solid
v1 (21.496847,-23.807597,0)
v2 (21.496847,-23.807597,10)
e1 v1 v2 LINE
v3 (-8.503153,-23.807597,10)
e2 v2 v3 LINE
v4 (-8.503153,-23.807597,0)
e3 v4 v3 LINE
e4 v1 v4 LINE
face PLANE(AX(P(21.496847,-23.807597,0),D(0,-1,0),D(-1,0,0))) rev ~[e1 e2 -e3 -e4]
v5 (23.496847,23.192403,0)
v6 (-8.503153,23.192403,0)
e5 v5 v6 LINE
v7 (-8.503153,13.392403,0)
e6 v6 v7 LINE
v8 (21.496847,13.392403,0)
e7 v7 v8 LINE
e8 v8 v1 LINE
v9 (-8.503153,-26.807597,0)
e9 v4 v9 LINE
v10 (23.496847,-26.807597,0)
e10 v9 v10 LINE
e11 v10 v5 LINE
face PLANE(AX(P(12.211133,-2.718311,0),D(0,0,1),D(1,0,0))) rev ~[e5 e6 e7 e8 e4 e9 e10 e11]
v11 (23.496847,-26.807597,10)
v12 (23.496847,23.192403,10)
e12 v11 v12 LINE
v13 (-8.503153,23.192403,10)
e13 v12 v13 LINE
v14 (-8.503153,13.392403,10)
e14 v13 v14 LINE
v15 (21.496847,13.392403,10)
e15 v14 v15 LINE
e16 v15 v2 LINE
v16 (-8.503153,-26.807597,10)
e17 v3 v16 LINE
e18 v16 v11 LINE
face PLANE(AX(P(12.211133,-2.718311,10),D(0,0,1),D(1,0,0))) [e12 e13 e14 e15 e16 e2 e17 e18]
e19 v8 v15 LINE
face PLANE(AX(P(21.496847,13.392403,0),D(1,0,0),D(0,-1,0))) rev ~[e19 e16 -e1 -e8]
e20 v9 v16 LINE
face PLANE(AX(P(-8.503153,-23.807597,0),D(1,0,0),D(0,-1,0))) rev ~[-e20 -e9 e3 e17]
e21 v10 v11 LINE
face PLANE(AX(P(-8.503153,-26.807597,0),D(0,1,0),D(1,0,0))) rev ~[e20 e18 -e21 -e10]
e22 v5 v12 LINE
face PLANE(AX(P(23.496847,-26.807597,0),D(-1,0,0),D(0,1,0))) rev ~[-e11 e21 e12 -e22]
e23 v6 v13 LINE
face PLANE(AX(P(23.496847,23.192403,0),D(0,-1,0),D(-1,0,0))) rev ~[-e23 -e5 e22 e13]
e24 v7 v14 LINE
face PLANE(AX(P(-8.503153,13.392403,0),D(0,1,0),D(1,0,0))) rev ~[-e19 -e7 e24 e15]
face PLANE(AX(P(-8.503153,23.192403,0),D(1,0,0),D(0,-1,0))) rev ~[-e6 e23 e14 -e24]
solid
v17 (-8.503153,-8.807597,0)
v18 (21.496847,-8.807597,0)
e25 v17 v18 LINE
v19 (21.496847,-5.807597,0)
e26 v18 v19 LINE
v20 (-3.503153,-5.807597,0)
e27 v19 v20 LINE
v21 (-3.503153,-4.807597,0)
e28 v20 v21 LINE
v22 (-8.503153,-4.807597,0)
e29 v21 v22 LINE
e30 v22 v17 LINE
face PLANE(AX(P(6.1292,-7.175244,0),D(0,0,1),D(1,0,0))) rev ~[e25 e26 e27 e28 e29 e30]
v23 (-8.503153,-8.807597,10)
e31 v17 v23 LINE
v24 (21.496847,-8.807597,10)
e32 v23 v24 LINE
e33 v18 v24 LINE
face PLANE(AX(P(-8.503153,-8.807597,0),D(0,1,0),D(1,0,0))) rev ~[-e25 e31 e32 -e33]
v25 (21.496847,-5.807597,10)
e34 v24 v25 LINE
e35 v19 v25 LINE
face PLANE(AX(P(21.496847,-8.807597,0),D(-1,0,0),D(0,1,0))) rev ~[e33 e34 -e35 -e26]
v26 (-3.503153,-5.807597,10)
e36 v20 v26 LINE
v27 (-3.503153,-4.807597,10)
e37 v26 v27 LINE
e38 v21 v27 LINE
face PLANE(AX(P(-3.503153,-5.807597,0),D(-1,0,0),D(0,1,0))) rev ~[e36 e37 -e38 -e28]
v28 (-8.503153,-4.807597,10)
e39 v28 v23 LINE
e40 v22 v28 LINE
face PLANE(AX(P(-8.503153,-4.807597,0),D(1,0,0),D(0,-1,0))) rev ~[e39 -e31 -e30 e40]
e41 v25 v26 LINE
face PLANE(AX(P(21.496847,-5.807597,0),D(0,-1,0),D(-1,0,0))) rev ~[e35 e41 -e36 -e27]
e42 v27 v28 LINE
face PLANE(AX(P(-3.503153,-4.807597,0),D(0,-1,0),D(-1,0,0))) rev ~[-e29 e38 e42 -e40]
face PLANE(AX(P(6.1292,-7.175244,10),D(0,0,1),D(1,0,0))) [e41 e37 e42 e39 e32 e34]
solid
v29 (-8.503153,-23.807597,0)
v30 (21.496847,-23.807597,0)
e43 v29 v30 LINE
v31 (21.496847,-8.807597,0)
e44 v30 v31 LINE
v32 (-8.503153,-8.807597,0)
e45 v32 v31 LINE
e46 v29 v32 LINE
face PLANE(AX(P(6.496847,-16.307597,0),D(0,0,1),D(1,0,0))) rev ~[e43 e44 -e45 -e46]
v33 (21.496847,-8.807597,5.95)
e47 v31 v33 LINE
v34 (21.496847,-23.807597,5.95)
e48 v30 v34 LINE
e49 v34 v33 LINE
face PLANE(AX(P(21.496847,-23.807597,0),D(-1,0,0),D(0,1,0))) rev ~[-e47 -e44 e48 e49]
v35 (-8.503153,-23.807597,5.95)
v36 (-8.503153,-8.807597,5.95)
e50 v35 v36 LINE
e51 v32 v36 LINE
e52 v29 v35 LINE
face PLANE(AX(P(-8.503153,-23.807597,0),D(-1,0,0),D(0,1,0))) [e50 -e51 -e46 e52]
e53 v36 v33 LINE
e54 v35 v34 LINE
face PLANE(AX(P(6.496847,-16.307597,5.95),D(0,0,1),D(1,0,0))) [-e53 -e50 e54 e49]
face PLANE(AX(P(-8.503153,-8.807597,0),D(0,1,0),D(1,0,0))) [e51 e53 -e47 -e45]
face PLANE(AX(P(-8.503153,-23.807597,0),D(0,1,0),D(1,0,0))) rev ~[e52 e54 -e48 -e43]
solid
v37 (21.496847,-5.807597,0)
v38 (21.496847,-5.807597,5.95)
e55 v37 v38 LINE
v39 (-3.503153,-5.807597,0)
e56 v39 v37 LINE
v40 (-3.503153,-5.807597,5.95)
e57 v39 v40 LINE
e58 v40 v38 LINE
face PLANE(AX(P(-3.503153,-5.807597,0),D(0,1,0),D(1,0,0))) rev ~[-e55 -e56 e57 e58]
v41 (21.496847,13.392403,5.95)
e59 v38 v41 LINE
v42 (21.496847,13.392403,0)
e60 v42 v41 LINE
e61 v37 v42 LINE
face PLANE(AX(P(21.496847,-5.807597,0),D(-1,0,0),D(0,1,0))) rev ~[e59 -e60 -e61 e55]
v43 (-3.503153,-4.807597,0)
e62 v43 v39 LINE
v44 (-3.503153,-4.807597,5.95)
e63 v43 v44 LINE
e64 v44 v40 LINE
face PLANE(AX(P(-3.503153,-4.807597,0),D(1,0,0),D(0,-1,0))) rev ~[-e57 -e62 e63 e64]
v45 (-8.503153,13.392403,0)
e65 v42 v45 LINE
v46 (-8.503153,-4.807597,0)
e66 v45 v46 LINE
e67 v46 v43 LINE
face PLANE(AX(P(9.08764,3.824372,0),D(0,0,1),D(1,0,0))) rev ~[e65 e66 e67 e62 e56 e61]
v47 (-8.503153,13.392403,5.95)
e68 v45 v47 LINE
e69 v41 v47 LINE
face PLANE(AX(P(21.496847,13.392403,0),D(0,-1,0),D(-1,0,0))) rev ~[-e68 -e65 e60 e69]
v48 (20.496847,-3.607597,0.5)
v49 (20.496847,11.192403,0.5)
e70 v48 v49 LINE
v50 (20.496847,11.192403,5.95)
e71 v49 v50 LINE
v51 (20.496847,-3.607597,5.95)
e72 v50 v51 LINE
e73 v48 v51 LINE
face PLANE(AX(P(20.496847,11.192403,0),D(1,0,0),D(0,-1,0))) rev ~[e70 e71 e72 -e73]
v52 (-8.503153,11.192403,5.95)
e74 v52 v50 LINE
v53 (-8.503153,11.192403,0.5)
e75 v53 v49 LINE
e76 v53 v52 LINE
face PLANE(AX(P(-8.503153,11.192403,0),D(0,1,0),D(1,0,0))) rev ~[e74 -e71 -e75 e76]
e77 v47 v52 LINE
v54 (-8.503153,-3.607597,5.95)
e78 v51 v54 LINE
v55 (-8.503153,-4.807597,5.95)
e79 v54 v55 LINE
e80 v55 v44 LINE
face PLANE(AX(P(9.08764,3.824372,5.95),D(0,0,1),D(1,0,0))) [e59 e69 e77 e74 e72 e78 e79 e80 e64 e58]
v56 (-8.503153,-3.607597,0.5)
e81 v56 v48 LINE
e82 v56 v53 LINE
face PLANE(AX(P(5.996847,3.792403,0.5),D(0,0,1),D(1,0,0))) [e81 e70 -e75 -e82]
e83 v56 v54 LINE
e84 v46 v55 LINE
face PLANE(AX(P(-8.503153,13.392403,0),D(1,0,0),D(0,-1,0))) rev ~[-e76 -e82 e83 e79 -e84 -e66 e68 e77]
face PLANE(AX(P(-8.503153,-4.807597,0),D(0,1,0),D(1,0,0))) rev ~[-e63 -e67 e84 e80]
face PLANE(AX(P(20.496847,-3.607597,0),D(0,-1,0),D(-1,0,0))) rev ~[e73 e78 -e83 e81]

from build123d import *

# Parameters (mm, degrees)
F0_W     = 29
F0_H     = 14.8
F1_DEPTH = 0.5
F2_DEPTH = 5.95
F0_W_2   = 30
F0_H_2   = 15
F3_DEPTH = 5.95
F4_DEPTH = 10
F5_DEPTH = 10


with BuildPart() as f1:
    # F0 (on Top) → F1 (new body)
    with BuildSketch(Plane.XY):
        with Locations((5.996847, 3.792403)):
            Rectangle(F0_W, F0_H)
    extrude(amount=F1_DEPTH)

    # F0 (on Top) → F2 (join)
    with BuildSketch(Plane.XY):
        Polygon((-3.503153, 13.392403), (-8.503153, 13.392403), (-8.503153, 11.192403), (20.496847, 11.192403), (20.496847, -3.607597), (-8.503153, -3.607597), (-8.503153, -4.807597), (-3.503153, -4.807597), (-3.503153, -5.807597), (21.496847, -5.807597), (21.496847, 13.392403), align=None)
    extrude(amount=F2_DEPTH)


with BuildPart() as f3:
    # F0 (on Top) → F3 (new body)
    with BuildSketch(Plane.XY):
        with Locations((6.496847, -16.307597)):
            Rectangle(F0_W_2, F0_H_2)
    extrude(amount=F3_DEPTH)


with BuildPart() as f4:
    # F0 (on Top) → F4 (new body)
    with BuildSketch(Plane.XY):
        Polygon((23.496847, 23.192403), (-8.503153, 23.192403), (-8.503153, 13.392403), (-3.503153, 13.392403), (21.496847, 13.392403), (21.496847, -5.807597), (21.496847, -8.807597), (21.496847, -23.807597), (-8.503153, -23.807597), (-8.503153, -26.807597), (23.496847, -26.807597), align=None)
    extrude(amount=F4_DEPTH)


with BuildPart() as f5:
    # F0 (on Top) → F5 (new body)
    with BuildSketch(Plane.XY):
        Polygon((-3.503153, -4.807597), (-8.503153, -4.807597), (-8.503153, -8.807597), (21.496847, -8.807597), (21.496847, -5.807597), (-3.503153, -5.807597), align=None)
    extrude(amount=F5_DEPTH)


solid = Compound([f1.part, f3.part, f4.part, f5.part])
